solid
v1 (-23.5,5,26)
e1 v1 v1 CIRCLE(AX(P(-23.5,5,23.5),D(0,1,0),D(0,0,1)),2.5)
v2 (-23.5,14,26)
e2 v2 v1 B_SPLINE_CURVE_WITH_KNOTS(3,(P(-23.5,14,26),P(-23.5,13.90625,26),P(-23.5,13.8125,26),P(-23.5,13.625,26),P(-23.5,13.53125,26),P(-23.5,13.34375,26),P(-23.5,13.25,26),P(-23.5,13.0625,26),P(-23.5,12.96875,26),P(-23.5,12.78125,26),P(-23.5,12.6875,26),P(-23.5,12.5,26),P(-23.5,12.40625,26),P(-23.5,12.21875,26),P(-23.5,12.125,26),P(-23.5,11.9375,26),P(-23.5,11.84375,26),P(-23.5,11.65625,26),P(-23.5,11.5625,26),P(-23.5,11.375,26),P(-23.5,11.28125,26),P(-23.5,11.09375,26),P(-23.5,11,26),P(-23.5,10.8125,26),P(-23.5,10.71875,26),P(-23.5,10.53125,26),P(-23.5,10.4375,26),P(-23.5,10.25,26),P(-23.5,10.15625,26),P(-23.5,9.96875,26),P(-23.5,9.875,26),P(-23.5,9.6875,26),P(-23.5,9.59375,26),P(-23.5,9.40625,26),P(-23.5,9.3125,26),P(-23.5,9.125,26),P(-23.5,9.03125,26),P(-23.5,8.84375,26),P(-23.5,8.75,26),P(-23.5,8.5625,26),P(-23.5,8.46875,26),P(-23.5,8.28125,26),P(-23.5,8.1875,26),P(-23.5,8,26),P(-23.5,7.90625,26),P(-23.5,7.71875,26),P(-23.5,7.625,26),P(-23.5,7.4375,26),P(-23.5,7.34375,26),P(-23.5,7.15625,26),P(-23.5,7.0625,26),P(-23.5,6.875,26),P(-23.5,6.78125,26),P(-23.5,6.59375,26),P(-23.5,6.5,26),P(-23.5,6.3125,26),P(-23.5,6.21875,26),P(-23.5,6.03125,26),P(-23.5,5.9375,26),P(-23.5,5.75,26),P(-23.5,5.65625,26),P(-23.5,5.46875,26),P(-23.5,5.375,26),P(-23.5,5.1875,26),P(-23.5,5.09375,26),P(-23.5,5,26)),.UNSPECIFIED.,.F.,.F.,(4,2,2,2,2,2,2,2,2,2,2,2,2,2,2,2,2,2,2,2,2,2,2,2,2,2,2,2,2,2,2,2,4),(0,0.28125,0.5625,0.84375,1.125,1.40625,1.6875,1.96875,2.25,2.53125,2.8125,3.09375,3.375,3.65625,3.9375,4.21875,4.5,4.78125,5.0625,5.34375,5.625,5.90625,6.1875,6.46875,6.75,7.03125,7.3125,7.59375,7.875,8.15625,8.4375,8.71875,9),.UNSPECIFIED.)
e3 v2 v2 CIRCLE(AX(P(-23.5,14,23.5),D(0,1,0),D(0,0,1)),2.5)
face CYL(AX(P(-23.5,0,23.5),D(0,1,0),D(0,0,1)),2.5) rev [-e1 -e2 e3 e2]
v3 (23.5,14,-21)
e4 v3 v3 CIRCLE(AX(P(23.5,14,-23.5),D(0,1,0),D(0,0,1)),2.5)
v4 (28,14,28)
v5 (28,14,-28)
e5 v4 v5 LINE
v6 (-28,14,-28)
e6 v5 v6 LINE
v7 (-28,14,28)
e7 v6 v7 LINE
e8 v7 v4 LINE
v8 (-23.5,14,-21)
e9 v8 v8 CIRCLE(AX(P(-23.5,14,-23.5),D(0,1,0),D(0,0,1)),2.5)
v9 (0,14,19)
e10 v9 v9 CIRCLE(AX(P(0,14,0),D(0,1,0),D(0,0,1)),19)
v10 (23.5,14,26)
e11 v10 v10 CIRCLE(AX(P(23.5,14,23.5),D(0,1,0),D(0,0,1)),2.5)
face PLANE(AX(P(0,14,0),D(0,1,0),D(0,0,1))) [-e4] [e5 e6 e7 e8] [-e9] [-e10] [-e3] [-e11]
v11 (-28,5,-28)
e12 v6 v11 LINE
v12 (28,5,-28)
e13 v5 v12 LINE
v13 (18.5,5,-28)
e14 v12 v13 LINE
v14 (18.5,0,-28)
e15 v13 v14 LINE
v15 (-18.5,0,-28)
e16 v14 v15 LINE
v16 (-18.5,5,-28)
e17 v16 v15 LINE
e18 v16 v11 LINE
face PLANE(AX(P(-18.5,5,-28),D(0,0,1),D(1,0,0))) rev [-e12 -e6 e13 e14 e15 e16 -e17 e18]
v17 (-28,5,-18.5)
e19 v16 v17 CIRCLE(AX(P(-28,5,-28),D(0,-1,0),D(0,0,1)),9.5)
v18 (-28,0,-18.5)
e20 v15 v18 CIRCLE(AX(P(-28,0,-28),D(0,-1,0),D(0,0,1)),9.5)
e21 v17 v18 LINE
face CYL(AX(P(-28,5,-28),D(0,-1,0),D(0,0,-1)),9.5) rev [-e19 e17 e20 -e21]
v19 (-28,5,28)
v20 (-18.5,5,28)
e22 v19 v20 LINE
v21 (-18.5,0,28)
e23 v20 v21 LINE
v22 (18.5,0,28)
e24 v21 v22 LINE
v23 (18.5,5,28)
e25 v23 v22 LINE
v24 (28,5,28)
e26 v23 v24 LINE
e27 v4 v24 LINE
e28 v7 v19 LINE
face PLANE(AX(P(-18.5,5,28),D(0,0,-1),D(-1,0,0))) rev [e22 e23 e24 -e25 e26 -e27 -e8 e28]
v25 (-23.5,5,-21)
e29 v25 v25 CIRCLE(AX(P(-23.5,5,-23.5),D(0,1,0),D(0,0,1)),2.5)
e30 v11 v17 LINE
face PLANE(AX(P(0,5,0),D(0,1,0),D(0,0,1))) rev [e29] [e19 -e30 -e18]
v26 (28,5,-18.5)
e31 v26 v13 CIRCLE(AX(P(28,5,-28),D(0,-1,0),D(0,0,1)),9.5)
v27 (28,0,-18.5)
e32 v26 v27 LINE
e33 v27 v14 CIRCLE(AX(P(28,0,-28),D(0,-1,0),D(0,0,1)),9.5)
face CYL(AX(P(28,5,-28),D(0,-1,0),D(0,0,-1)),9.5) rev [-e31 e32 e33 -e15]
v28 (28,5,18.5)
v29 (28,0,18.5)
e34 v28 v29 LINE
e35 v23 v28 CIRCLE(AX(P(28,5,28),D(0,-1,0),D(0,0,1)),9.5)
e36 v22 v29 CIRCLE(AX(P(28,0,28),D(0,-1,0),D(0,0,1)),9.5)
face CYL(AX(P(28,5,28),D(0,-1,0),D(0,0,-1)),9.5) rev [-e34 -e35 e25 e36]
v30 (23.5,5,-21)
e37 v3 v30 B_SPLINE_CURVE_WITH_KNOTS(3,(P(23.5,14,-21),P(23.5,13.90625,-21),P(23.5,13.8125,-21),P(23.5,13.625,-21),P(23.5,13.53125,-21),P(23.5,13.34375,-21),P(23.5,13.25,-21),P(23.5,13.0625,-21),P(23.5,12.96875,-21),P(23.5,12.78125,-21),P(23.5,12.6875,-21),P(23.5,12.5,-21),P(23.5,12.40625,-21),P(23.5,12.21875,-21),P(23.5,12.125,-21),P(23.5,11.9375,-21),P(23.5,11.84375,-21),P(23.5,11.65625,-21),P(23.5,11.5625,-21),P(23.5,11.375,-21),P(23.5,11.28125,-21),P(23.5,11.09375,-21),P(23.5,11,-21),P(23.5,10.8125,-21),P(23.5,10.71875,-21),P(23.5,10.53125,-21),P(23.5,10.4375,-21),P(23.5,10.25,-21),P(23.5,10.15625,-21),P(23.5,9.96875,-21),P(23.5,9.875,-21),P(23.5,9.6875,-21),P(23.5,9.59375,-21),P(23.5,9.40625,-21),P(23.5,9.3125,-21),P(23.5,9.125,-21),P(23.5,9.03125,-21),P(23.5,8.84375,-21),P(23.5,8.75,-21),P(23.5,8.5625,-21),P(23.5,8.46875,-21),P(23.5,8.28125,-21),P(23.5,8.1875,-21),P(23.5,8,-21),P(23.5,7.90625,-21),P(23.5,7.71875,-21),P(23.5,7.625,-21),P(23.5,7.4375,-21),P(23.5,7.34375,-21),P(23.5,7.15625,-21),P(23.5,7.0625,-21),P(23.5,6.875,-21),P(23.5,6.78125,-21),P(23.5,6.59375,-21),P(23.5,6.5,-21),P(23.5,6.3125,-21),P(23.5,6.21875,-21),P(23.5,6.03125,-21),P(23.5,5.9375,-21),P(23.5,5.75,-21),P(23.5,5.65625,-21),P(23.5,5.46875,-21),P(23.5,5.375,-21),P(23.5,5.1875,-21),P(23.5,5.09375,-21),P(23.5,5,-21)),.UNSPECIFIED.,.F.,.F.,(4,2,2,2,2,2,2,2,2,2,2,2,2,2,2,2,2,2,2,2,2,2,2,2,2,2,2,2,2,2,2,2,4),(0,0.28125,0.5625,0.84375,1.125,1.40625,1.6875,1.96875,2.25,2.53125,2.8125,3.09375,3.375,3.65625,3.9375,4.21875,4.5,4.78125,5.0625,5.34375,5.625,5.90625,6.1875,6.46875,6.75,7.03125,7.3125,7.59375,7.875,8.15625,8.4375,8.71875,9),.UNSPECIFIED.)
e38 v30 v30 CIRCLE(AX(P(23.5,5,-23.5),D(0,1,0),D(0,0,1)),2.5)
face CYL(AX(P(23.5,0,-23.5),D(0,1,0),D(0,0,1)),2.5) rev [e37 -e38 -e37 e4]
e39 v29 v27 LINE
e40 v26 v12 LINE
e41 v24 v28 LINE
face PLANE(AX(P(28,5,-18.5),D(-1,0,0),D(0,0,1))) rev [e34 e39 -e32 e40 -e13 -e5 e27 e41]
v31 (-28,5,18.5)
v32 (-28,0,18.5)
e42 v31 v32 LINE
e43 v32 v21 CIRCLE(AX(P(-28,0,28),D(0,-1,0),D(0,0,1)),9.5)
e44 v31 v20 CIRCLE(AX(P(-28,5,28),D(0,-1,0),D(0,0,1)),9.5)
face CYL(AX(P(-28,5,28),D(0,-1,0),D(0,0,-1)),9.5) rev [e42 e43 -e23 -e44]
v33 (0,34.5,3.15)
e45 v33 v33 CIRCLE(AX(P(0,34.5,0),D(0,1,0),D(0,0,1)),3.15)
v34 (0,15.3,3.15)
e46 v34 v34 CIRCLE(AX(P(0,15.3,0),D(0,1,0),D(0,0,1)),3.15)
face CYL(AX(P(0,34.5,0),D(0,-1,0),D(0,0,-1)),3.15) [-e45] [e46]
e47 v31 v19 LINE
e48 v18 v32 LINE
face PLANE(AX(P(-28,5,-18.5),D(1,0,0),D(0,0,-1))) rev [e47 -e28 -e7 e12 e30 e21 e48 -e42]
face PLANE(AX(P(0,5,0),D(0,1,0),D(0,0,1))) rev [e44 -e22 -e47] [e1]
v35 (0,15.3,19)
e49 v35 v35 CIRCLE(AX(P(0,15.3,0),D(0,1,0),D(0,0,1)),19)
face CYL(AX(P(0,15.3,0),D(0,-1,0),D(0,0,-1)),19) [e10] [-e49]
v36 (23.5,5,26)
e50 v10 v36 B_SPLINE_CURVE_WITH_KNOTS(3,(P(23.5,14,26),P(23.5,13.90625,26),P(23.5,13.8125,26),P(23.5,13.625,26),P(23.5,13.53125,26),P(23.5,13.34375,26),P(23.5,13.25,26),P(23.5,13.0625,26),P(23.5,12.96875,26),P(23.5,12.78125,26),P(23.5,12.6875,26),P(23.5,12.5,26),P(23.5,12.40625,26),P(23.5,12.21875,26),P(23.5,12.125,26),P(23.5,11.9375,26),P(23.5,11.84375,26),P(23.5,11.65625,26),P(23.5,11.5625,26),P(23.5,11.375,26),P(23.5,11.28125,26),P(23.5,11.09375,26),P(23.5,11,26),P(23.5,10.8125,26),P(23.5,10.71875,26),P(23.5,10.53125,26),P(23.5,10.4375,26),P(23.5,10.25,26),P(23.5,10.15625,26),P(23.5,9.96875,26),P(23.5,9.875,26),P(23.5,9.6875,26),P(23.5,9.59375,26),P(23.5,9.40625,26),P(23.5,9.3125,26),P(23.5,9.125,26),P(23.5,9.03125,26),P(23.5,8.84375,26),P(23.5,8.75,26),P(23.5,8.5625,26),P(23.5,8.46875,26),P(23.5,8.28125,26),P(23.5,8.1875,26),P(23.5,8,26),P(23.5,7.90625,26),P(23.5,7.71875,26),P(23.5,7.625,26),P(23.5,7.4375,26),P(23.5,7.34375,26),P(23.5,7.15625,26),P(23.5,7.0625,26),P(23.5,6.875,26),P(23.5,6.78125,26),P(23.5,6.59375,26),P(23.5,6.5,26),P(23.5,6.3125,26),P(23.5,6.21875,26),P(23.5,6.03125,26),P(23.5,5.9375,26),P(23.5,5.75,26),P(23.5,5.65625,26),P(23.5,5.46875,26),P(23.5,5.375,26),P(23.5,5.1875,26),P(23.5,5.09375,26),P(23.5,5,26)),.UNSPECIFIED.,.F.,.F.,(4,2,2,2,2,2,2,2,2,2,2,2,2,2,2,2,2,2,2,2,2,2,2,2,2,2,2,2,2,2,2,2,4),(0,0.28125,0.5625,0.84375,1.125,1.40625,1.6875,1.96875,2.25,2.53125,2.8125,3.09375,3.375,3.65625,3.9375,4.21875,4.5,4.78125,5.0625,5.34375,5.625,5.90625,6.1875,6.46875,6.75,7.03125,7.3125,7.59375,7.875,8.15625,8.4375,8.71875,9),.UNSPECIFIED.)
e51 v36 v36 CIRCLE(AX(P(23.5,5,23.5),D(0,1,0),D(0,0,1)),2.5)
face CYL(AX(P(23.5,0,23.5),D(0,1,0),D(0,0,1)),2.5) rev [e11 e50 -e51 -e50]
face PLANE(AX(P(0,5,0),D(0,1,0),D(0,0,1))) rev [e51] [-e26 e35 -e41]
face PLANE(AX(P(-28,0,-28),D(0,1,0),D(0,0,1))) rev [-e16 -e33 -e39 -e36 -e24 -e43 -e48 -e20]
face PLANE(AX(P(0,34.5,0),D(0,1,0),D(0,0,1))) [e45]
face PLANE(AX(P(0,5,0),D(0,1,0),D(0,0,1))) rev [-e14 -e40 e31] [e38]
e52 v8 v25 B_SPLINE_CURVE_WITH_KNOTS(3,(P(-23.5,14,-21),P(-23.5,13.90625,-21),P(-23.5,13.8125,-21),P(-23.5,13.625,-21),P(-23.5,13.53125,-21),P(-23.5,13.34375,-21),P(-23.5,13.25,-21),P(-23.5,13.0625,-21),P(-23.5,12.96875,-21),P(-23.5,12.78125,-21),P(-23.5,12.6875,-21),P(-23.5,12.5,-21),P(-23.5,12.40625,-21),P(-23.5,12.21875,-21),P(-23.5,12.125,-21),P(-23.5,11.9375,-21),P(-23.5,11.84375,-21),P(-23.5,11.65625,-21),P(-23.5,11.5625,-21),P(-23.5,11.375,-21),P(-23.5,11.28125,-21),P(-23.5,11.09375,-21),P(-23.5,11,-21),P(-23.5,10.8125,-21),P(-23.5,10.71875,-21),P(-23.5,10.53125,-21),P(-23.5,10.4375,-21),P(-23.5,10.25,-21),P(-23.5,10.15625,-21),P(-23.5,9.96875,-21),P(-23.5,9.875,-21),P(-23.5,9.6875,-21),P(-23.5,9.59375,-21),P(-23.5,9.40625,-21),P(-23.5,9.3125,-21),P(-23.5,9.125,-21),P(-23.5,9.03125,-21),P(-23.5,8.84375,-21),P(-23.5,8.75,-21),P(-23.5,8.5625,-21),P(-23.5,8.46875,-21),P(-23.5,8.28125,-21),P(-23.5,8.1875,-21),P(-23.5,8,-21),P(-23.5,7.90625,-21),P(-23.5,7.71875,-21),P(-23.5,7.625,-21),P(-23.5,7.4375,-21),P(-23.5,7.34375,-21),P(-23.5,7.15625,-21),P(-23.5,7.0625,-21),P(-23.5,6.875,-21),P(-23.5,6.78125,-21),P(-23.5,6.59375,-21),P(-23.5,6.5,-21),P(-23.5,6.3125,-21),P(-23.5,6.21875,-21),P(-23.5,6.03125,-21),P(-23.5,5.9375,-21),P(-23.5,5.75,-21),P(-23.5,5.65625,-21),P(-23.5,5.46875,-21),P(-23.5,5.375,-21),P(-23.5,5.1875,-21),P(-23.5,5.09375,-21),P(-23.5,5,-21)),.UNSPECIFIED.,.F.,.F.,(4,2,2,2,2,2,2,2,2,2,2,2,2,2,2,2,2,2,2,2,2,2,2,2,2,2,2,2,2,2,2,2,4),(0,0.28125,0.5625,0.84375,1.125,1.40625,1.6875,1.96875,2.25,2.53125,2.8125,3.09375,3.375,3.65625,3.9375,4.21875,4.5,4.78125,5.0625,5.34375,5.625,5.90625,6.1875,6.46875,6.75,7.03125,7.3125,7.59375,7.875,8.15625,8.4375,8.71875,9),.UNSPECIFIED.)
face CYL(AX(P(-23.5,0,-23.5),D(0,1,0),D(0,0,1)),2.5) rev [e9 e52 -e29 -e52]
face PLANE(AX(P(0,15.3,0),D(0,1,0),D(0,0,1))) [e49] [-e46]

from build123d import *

# Parameters (mm, degrees)
BOSS_EXTRUDE5_DEPTH = 5
SKETCH6_W           = 56
SKETCH6_H           = 56
BOSS_EXTRUDE6_DEPTH = 9
SKETCH7_R           = 19
BOSS_EXTRUDE7_DEPTH = 1.3
SKETCH8_R           = 2.5
CUT_EXTRUDE1_DEPTH  = 43
SKETCH9_R           = 3.15
BOSS_EXTRUDE8_DEPTH = 19.2


with BuildPart() as part:
    # Sketch1 → Boss-Extrude5 (new body)
    with BuildSketch(Plane(origin=(0, 0, 0), x_dir=(1, 0, 0), z_dir=(0, 1, 0))):
        with BuildLine():
            Line((-18.5, 28), (18.5, 28))
            ThreePointArc((18.5, 28), (21.282485579, 21.282485579), (28, 18.5))
            Line((28, 18.5), (28, -18.5))
            ThreePointArc((28, -18.5), (21.282485579, -21.282485579), (18.5, -28))
            Line((18.5, -28), (-18.5, -28))
            ThreePointArc((-18.5, -28), (-21.282485579, -21.282485579), (-28, -18.5))
            Line((-28, -18.5), (-28, 18.5))
            ThreePointArc((-28, 18.5), (-21.282485579, 21.282485579), (-18.5, 28))
        make_face()
    extrude(amount=BOSS_EXTRUDE5_DEPTH)

    # Sketch6 → Boss-Extrude6 (add)
    with BuildSketch(Plane(origin=(0, 5, 0), x_dir=(1, 0, 0), z_dir=(0, 1, 0))):
        Rectangle(SKETCH6_W, SKETCH6_H)
    extrude(amount=BOSS_EXTRUDE6_DEPTH)

    # Sketch7 → Boss-Extrude7 (add)
    with BuildSketch(Plane(origin=(0, 14, 0), x_dir=(1, 0, 0), z_dir=(0, 1, 0))):
        with Locations(Location((0, 0, 0), (0, 0, 270))):
            Circle(SKETCH7_R)
    extrude(amount=BOSS_EXTRUDE7_DEPTH)

    # Sketch8 → Cut-Extrude1 (cut, through all)
    with BuildSketch(Plane(origin=(0, 14, 0), x_dir=(1, 0, 0), z_dir=(0, 1, 0))):
        with Locations(Location((-23.5, 23.5, 0), (0, 0, 270))):
            Circle(SKETCH8_R)
        with Locations(Location((23.5, 23.5, 0), (0, 0, 270))):
            Circle(SKETCH8_R)
        with Locations(Location((23.5, -23.5, 0), (0, 0, 270))):
            Circle(SKETCH8_R)
        with Locations(Location((-23.5, -23.5, 0), (0, 0, 270))):
            Circle(SKETCH8_R)
    extrude(amount=-CUT_EXTRUDE1_DEPTH, mode=Mode.SUBTRACT)

    # Sketch9 → Boss-Extrude8 (add)
    with BuildSketch(Plane(origin=(0, 15.3, 0), x_dir=(1, 0, 0), z_dir=(0, 1, 0))):
        with Locations(Location((0, 0, 0), (0, 0, 270))):
            Circle(SKETCH9_R)
    extrude(amount=BOSS_EXTRUDE8_DEPTH)


solid = part.part
